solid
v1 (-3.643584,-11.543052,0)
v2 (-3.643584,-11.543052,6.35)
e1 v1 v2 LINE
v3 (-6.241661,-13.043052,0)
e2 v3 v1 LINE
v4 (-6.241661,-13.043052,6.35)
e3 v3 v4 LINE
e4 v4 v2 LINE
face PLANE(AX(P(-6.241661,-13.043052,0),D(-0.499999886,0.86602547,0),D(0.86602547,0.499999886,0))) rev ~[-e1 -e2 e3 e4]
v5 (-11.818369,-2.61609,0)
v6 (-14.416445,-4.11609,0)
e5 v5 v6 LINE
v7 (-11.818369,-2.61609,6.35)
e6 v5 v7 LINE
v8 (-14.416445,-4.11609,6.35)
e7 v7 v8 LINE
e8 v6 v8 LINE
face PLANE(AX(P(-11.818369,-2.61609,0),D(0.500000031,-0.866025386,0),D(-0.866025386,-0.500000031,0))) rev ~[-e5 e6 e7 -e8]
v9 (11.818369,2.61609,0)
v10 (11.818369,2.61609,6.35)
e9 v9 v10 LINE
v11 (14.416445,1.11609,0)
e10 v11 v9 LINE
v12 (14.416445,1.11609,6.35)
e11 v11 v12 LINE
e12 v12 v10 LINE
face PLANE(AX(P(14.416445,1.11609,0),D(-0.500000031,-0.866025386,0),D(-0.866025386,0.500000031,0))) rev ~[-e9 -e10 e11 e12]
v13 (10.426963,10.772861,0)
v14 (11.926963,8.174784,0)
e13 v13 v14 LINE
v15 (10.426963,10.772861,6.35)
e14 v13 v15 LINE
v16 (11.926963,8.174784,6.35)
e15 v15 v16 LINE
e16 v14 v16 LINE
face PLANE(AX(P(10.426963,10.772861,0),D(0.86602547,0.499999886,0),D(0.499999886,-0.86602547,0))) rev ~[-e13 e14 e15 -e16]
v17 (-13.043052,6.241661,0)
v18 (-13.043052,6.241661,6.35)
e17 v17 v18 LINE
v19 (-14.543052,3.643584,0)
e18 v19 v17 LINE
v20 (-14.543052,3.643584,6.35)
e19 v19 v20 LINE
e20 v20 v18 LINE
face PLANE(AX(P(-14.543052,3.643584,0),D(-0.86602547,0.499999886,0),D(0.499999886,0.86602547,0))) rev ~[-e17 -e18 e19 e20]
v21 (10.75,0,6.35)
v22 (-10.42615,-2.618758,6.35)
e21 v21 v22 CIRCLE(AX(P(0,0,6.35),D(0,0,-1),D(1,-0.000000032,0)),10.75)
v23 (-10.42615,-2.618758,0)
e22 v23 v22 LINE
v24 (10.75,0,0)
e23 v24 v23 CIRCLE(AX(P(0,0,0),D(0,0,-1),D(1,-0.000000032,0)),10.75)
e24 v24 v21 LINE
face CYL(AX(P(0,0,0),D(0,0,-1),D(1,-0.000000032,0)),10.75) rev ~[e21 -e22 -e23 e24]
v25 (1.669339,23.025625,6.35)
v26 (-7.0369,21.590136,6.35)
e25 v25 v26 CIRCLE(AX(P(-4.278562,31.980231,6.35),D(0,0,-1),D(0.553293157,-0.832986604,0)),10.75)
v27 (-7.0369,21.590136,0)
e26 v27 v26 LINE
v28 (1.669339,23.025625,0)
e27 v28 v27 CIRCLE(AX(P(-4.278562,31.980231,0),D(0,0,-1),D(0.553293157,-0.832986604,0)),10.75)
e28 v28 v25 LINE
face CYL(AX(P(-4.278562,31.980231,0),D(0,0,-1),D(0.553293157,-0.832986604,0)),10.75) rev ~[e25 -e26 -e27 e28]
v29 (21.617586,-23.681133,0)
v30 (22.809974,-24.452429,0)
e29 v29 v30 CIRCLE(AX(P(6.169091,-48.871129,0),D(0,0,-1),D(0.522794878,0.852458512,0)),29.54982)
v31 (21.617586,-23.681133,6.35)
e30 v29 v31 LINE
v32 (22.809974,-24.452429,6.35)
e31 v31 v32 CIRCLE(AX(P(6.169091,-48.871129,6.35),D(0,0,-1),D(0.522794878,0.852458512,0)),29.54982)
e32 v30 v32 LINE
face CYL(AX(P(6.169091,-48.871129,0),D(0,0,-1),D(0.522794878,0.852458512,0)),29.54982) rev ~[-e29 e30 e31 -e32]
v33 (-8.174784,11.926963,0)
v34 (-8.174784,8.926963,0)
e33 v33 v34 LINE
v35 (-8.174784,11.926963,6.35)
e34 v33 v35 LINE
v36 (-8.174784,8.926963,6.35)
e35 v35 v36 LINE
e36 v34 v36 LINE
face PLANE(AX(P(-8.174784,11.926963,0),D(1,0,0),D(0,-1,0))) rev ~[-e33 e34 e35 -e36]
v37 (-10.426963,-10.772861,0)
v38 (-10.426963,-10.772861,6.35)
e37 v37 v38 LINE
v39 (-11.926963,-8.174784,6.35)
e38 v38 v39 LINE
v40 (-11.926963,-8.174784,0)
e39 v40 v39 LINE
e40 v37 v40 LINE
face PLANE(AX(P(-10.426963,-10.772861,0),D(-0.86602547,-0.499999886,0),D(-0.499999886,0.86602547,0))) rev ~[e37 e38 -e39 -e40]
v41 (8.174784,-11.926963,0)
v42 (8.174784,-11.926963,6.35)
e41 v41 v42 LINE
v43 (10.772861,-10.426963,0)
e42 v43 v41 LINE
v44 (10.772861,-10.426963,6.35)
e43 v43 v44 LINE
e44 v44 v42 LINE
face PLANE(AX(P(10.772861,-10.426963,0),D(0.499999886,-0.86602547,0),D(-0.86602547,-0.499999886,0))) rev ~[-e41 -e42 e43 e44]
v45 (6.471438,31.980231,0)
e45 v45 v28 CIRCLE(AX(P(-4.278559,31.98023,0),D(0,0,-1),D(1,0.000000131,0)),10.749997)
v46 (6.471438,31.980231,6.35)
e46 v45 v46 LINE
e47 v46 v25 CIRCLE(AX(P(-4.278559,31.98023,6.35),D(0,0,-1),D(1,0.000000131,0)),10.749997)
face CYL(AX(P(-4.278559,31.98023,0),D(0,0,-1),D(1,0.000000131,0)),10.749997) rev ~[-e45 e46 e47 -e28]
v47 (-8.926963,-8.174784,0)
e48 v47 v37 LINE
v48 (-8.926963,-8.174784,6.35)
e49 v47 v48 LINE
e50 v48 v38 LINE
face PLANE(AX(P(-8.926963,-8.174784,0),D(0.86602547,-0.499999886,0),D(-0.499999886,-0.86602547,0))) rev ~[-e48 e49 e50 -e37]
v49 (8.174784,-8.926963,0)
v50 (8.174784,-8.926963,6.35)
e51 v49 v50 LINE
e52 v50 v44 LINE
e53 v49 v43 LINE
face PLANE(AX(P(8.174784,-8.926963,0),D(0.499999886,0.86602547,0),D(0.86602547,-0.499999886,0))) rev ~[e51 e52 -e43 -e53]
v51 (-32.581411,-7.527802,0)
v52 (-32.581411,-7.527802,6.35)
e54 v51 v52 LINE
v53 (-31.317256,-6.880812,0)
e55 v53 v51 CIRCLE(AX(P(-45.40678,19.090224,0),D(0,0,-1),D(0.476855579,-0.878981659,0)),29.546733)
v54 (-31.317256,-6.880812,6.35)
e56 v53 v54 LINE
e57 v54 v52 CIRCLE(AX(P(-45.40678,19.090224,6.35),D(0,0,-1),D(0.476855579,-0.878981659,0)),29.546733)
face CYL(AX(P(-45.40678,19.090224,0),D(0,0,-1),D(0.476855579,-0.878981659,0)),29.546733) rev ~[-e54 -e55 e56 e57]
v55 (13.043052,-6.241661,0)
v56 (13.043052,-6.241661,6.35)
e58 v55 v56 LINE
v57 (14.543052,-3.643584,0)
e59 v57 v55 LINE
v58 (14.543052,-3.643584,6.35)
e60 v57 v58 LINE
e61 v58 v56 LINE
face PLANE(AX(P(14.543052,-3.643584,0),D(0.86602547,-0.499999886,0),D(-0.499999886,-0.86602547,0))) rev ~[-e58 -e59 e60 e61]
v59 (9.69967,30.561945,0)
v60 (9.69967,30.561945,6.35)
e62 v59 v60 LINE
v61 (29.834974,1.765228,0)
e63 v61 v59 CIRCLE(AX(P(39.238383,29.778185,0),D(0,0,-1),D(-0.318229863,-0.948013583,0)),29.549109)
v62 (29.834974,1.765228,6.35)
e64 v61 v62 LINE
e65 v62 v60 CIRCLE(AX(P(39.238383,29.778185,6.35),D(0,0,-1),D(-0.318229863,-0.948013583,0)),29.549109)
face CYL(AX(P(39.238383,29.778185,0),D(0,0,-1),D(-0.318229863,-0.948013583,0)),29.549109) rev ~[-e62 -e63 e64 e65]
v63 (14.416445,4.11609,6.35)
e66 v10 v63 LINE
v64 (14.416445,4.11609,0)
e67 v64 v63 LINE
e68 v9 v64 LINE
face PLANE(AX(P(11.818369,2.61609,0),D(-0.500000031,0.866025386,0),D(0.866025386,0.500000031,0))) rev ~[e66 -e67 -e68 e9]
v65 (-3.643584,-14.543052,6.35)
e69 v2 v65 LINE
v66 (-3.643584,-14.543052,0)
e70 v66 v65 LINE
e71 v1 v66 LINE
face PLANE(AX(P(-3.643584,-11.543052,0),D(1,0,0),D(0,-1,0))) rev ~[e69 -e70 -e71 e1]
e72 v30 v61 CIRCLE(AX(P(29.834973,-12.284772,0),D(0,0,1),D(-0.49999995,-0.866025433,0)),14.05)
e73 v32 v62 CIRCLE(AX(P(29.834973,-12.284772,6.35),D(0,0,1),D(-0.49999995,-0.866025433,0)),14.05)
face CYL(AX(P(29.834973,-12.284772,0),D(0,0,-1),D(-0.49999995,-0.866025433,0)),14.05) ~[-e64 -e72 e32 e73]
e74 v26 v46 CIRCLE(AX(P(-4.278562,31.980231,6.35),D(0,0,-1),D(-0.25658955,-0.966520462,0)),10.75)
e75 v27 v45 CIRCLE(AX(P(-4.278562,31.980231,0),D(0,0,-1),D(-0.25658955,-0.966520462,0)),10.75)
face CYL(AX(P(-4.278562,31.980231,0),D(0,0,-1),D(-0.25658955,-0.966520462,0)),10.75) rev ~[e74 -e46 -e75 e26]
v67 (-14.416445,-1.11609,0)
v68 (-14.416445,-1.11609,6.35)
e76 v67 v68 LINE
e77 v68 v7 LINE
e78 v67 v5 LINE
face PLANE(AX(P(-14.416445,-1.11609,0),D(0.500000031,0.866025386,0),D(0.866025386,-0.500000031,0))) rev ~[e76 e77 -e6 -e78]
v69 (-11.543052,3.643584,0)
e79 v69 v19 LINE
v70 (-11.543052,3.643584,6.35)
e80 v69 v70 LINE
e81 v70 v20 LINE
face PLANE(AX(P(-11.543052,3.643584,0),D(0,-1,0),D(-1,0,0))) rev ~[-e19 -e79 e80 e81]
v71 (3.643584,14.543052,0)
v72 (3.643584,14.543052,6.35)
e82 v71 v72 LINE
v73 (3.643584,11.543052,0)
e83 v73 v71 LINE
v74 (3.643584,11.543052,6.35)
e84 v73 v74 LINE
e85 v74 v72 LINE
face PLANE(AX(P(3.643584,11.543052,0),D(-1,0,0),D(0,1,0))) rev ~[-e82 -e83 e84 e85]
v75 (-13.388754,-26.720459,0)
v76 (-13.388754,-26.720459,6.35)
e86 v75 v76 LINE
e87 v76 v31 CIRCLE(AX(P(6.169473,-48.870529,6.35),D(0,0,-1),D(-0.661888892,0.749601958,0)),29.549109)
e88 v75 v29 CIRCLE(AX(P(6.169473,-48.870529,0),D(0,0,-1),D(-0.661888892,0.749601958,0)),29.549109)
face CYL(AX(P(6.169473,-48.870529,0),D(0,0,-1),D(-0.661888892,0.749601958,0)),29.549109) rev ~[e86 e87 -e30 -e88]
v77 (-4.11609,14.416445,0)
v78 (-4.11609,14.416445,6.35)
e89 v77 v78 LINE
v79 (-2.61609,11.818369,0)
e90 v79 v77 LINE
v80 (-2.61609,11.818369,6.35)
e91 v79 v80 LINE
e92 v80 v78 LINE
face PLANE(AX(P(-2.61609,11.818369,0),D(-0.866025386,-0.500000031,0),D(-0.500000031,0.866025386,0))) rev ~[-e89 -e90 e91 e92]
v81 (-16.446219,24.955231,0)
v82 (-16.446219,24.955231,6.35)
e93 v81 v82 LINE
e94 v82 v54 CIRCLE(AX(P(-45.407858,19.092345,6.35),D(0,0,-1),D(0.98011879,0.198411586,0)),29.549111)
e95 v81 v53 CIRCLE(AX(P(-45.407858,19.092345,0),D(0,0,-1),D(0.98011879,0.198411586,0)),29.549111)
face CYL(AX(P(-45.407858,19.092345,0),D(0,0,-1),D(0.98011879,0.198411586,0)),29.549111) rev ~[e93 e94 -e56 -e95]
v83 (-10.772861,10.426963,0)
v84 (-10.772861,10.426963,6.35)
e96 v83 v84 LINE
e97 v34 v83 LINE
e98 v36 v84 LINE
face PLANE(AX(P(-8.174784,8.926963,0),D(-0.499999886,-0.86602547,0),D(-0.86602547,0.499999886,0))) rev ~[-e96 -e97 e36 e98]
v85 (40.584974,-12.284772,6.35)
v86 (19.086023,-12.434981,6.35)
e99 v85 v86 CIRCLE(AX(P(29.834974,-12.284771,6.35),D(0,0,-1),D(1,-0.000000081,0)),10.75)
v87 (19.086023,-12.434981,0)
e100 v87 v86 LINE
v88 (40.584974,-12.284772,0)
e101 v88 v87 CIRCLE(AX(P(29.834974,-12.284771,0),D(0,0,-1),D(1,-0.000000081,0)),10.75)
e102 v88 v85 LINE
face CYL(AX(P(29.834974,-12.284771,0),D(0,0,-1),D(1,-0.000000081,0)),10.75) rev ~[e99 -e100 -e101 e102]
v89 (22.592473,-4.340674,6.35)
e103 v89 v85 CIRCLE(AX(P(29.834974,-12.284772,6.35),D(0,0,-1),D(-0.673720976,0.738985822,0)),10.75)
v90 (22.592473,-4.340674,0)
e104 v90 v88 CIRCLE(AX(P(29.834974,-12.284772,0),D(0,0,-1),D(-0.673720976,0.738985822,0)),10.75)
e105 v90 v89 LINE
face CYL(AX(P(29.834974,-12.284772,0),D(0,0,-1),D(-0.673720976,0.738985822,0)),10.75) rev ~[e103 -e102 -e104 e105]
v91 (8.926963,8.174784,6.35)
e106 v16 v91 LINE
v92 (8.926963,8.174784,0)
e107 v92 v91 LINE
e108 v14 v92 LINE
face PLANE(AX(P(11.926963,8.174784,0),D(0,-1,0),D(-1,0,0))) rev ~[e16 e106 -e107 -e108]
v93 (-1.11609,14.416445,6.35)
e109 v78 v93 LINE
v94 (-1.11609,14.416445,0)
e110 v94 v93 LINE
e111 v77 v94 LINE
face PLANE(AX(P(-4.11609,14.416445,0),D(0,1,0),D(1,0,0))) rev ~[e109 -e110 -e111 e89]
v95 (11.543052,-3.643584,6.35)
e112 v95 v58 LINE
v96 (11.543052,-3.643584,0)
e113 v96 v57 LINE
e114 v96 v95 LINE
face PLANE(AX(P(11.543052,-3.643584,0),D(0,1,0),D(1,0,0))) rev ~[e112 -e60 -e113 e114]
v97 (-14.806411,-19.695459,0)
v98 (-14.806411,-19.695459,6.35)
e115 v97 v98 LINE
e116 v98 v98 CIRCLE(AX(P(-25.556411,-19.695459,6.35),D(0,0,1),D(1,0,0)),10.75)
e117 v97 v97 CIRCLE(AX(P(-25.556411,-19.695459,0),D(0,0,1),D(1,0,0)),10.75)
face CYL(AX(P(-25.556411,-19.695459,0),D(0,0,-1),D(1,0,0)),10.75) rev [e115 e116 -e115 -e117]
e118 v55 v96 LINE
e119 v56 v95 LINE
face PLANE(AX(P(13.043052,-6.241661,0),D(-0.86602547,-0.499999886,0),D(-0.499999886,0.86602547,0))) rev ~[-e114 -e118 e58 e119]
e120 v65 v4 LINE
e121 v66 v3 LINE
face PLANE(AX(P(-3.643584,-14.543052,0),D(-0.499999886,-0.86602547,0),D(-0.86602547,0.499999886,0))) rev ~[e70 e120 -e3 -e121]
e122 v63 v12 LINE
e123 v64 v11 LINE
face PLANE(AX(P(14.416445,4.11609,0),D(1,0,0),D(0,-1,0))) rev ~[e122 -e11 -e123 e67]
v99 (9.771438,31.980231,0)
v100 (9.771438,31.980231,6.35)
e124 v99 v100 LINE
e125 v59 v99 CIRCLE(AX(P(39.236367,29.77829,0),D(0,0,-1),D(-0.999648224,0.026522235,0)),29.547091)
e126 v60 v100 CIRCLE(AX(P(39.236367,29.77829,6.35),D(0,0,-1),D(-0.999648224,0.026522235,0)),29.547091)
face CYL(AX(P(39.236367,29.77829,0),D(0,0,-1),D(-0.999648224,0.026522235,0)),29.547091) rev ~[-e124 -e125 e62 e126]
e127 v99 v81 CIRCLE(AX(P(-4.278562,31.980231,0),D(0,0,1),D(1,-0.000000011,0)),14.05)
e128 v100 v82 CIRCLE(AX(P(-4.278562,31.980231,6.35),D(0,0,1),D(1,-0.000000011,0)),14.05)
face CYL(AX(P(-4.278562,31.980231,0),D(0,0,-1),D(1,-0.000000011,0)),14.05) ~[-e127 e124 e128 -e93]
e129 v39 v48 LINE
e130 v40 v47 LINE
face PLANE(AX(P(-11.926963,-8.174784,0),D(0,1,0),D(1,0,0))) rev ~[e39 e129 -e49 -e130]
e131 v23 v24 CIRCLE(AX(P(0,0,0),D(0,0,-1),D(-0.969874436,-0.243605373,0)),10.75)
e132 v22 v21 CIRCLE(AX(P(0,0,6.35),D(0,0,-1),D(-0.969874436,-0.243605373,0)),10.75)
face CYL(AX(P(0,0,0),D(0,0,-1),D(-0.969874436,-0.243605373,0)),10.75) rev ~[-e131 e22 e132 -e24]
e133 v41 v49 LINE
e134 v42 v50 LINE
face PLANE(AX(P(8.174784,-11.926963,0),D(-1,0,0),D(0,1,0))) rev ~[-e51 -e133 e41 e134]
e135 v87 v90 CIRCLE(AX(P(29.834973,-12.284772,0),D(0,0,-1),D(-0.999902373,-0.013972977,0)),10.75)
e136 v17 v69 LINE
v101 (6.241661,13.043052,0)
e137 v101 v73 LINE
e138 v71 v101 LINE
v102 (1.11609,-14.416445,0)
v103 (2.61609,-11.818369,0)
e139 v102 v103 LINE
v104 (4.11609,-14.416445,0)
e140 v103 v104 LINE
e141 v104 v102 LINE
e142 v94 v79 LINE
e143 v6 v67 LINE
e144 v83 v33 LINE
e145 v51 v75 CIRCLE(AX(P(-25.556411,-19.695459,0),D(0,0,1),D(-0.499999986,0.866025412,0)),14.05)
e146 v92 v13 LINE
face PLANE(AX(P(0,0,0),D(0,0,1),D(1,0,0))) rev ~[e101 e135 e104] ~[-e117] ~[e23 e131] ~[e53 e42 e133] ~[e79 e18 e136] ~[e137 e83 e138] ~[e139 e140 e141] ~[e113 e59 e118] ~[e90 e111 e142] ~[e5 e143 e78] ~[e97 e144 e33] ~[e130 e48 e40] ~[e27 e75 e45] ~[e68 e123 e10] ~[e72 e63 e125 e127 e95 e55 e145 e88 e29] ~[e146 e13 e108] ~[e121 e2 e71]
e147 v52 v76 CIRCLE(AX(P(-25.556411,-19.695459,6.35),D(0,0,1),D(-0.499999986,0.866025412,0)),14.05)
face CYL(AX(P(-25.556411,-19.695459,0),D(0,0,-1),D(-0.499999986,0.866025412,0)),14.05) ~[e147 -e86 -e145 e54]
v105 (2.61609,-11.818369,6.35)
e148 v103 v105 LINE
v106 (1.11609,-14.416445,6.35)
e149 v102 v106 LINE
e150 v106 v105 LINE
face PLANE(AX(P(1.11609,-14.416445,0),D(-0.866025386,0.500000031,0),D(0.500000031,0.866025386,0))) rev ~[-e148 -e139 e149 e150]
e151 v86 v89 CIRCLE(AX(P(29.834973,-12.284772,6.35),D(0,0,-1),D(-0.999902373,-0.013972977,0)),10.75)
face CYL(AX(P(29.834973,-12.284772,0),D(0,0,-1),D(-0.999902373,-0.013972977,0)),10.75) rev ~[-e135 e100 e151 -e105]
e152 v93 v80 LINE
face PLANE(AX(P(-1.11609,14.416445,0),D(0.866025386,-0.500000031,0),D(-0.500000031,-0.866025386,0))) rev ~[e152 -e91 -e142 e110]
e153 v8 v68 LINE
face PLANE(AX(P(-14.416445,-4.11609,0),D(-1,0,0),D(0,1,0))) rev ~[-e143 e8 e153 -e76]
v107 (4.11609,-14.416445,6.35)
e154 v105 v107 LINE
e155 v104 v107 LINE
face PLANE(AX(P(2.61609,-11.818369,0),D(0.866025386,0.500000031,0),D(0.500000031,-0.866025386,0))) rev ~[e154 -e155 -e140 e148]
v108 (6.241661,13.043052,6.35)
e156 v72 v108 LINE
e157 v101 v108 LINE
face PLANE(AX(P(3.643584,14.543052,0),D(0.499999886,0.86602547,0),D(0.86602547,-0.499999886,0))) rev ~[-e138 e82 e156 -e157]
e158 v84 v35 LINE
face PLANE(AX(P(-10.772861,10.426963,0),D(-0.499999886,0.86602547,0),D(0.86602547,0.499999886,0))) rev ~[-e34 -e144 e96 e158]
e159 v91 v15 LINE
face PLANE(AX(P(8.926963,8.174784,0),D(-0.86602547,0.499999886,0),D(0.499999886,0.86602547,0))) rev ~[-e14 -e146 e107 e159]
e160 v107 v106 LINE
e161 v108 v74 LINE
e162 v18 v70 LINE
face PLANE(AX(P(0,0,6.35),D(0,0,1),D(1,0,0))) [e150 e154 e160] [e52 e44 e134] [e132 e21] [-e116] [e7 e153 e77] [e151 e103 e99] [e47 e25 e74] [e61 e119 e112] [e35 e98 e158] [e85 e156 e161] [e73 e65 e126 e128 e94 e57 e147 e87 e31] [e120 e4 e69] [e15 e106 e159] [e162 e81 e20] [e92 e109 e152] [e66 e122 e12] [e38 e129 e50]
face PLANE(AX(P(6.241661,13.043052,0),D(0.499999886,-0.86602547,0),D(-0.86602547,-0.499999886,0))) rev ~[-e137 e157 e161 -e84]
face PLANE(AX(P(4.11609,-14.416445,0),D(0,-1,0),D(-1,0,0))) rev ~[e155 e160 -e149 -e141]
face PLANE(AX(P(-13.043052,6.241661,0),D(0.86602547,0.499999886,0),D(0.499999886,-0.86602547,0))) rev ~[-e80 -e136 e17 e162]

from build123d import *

# Parameters (mm, degrees)
F0_R     = 10.75
F1_DEPTH = 6.35


with BuildPart() as f1:
    # F0 (on Top) → F1 (new body)
    with BuildSketch(Plane.XY):
        with BuildLine():
            ThreePointArc((-16.446219, 24.955231), (-18.635535, 6.586639), (-31.317256, -6.880812))
            ThreePointArc((-31.317256, -6.880812), (-31.945446, -7.211903), (-32.581411, -7.527802))
            ThreePointArc((-32.581411, -7.527802), (-35.491262, -29.630309), (-13.388754, -26.720459))
            ThreePointArc((-13.388754, -26.720459), (3.613571, -19.432166), (21.617586, -23.681133))
            ThreePointArc((21.617586, -23.681133), (22.218414, -24.059617), (22.809974, -24.452429))
            ThreePointArc((22.809974, -24.452429), (43.406231, -15.921179), (29.834974, 1.765228))
            ThreePointArc((29.834974, 1.765228), (15.021964, 12.845527), (9.69967, 30.561945))
            ThreePointArc((9.69967, 30.561945), (9.727032, 31.271519), (9.771438, 31.980231))
            ThreePointArc((9.771438, 31.980231), (-7.91497, 45.551489), (-16.446219, 24.955231))
        make_face()
        with Locations((-25.556411, -19.695459)):
            Circle(F0_R, mode=Mode.SUBTRACT)
        Polygon((-8.926963, -8.174784), (-10.426963, -10.772861), (-11.926963, -8.174784), align=None, mode=Mode.SUBTRACT)
        Polygon((-3.643584, -11.543052), (-3.643584, -14.543052), (-6.241661, -13.043052), align=None, mode=Mode.SUBTRACT)
        Polygon((-11.818369, -2.61609), (-14.416445, -4.11609), (-14.416445, -1.11609), align=None, mode=Mode.SUBTRACT)
        Polygon((-11.543052, 3.643584), (-14.543052, 3.643584), (-13.043052, 6.241661), align=None, mode=Mode.SUBTRACT)
        with BuildLine():
            ThreePointArc((-10.42615, -2.618758), (-1.319353, 10.66873), (10.75, 0))
            ThreePointArc((10.75, 0), (1.319353, -10.66873), (-10.42615, -2.618758))
        make_face(mode=Mode.SUBTRACT)
        Polygon((2.61609, -11.818369), (4.11609, -14.416445), (1.11609, -14.416445), align=None, mode=Mode.SUBTRACT)
        Polygon((8.174784, -8.926963), (10.772861, -10.426963), (8.174784, -11.926963), align=None, mode=Mode.SUBTRACT)
        Polygon((11.543052, -3.643584), (14.543052, -3.643584), (13.043052, -6.241661), align=None, mode=Mode.SUBTRACT)
        Polygon((11.818369, 2.61609), (14.416445, 4.11609), (14.416445, 1.11609), align=None, mode=Mode.SUBTRACT)
        with BuildLine():
            ThreePointArc((22.592473, -4.340674), (34.176956, -2.450663), (40.584974, -12.284772))
            ThreePointArc((40.584974, -12.284772), (29.91008, -23.034509), (19.086023, -12.434981))
            ThreePointArc((19.086023, -12.434981), (19.970769, -8.011603), (22.592473, -4.340674))
        make_face(mode=Mode.SUBTRACT)
        Polygon((-8.174784, 8.926963), (-10.772861, 10.426963), (-8.174784, 11.926963), align=None, mode=Mode.SUBTRACT)
        Polygon((-2.61609, 11.818369), (-4.11609, 14.416445), (-1.11609, 14.416445), align=None, mode=Mode.SUBTRACT)
        with BuildLine():
            ThreePointArc((-7.0369, 21.590136), (-10.832583, 40.501224), (6.471438, 31.980231))
            ThreePointArc((6.471438, 31.980231), (5.19515, 26.89975), (1.669339, 23.025625))
            ThreePointArc((1.669339, 23.025625), (-2.52971, 21.37344), (-7.0369, 21.590136))
        make_face(mode=Mode.SUBTRACT)
        Polygon((8.926963, 8.174784), (10.426963, 10.772861), (11.926963, 8.174784), align=None, mode=Mode.SUBTRACT)
        Polygon((3.643584, 11.543052), (3.643584, 14.543052), (6.241661, 13.043052), align=None, mode=Mode.SUBTRACT)
    extrude(amount=F1_DEPTH)


solid = f1.part
